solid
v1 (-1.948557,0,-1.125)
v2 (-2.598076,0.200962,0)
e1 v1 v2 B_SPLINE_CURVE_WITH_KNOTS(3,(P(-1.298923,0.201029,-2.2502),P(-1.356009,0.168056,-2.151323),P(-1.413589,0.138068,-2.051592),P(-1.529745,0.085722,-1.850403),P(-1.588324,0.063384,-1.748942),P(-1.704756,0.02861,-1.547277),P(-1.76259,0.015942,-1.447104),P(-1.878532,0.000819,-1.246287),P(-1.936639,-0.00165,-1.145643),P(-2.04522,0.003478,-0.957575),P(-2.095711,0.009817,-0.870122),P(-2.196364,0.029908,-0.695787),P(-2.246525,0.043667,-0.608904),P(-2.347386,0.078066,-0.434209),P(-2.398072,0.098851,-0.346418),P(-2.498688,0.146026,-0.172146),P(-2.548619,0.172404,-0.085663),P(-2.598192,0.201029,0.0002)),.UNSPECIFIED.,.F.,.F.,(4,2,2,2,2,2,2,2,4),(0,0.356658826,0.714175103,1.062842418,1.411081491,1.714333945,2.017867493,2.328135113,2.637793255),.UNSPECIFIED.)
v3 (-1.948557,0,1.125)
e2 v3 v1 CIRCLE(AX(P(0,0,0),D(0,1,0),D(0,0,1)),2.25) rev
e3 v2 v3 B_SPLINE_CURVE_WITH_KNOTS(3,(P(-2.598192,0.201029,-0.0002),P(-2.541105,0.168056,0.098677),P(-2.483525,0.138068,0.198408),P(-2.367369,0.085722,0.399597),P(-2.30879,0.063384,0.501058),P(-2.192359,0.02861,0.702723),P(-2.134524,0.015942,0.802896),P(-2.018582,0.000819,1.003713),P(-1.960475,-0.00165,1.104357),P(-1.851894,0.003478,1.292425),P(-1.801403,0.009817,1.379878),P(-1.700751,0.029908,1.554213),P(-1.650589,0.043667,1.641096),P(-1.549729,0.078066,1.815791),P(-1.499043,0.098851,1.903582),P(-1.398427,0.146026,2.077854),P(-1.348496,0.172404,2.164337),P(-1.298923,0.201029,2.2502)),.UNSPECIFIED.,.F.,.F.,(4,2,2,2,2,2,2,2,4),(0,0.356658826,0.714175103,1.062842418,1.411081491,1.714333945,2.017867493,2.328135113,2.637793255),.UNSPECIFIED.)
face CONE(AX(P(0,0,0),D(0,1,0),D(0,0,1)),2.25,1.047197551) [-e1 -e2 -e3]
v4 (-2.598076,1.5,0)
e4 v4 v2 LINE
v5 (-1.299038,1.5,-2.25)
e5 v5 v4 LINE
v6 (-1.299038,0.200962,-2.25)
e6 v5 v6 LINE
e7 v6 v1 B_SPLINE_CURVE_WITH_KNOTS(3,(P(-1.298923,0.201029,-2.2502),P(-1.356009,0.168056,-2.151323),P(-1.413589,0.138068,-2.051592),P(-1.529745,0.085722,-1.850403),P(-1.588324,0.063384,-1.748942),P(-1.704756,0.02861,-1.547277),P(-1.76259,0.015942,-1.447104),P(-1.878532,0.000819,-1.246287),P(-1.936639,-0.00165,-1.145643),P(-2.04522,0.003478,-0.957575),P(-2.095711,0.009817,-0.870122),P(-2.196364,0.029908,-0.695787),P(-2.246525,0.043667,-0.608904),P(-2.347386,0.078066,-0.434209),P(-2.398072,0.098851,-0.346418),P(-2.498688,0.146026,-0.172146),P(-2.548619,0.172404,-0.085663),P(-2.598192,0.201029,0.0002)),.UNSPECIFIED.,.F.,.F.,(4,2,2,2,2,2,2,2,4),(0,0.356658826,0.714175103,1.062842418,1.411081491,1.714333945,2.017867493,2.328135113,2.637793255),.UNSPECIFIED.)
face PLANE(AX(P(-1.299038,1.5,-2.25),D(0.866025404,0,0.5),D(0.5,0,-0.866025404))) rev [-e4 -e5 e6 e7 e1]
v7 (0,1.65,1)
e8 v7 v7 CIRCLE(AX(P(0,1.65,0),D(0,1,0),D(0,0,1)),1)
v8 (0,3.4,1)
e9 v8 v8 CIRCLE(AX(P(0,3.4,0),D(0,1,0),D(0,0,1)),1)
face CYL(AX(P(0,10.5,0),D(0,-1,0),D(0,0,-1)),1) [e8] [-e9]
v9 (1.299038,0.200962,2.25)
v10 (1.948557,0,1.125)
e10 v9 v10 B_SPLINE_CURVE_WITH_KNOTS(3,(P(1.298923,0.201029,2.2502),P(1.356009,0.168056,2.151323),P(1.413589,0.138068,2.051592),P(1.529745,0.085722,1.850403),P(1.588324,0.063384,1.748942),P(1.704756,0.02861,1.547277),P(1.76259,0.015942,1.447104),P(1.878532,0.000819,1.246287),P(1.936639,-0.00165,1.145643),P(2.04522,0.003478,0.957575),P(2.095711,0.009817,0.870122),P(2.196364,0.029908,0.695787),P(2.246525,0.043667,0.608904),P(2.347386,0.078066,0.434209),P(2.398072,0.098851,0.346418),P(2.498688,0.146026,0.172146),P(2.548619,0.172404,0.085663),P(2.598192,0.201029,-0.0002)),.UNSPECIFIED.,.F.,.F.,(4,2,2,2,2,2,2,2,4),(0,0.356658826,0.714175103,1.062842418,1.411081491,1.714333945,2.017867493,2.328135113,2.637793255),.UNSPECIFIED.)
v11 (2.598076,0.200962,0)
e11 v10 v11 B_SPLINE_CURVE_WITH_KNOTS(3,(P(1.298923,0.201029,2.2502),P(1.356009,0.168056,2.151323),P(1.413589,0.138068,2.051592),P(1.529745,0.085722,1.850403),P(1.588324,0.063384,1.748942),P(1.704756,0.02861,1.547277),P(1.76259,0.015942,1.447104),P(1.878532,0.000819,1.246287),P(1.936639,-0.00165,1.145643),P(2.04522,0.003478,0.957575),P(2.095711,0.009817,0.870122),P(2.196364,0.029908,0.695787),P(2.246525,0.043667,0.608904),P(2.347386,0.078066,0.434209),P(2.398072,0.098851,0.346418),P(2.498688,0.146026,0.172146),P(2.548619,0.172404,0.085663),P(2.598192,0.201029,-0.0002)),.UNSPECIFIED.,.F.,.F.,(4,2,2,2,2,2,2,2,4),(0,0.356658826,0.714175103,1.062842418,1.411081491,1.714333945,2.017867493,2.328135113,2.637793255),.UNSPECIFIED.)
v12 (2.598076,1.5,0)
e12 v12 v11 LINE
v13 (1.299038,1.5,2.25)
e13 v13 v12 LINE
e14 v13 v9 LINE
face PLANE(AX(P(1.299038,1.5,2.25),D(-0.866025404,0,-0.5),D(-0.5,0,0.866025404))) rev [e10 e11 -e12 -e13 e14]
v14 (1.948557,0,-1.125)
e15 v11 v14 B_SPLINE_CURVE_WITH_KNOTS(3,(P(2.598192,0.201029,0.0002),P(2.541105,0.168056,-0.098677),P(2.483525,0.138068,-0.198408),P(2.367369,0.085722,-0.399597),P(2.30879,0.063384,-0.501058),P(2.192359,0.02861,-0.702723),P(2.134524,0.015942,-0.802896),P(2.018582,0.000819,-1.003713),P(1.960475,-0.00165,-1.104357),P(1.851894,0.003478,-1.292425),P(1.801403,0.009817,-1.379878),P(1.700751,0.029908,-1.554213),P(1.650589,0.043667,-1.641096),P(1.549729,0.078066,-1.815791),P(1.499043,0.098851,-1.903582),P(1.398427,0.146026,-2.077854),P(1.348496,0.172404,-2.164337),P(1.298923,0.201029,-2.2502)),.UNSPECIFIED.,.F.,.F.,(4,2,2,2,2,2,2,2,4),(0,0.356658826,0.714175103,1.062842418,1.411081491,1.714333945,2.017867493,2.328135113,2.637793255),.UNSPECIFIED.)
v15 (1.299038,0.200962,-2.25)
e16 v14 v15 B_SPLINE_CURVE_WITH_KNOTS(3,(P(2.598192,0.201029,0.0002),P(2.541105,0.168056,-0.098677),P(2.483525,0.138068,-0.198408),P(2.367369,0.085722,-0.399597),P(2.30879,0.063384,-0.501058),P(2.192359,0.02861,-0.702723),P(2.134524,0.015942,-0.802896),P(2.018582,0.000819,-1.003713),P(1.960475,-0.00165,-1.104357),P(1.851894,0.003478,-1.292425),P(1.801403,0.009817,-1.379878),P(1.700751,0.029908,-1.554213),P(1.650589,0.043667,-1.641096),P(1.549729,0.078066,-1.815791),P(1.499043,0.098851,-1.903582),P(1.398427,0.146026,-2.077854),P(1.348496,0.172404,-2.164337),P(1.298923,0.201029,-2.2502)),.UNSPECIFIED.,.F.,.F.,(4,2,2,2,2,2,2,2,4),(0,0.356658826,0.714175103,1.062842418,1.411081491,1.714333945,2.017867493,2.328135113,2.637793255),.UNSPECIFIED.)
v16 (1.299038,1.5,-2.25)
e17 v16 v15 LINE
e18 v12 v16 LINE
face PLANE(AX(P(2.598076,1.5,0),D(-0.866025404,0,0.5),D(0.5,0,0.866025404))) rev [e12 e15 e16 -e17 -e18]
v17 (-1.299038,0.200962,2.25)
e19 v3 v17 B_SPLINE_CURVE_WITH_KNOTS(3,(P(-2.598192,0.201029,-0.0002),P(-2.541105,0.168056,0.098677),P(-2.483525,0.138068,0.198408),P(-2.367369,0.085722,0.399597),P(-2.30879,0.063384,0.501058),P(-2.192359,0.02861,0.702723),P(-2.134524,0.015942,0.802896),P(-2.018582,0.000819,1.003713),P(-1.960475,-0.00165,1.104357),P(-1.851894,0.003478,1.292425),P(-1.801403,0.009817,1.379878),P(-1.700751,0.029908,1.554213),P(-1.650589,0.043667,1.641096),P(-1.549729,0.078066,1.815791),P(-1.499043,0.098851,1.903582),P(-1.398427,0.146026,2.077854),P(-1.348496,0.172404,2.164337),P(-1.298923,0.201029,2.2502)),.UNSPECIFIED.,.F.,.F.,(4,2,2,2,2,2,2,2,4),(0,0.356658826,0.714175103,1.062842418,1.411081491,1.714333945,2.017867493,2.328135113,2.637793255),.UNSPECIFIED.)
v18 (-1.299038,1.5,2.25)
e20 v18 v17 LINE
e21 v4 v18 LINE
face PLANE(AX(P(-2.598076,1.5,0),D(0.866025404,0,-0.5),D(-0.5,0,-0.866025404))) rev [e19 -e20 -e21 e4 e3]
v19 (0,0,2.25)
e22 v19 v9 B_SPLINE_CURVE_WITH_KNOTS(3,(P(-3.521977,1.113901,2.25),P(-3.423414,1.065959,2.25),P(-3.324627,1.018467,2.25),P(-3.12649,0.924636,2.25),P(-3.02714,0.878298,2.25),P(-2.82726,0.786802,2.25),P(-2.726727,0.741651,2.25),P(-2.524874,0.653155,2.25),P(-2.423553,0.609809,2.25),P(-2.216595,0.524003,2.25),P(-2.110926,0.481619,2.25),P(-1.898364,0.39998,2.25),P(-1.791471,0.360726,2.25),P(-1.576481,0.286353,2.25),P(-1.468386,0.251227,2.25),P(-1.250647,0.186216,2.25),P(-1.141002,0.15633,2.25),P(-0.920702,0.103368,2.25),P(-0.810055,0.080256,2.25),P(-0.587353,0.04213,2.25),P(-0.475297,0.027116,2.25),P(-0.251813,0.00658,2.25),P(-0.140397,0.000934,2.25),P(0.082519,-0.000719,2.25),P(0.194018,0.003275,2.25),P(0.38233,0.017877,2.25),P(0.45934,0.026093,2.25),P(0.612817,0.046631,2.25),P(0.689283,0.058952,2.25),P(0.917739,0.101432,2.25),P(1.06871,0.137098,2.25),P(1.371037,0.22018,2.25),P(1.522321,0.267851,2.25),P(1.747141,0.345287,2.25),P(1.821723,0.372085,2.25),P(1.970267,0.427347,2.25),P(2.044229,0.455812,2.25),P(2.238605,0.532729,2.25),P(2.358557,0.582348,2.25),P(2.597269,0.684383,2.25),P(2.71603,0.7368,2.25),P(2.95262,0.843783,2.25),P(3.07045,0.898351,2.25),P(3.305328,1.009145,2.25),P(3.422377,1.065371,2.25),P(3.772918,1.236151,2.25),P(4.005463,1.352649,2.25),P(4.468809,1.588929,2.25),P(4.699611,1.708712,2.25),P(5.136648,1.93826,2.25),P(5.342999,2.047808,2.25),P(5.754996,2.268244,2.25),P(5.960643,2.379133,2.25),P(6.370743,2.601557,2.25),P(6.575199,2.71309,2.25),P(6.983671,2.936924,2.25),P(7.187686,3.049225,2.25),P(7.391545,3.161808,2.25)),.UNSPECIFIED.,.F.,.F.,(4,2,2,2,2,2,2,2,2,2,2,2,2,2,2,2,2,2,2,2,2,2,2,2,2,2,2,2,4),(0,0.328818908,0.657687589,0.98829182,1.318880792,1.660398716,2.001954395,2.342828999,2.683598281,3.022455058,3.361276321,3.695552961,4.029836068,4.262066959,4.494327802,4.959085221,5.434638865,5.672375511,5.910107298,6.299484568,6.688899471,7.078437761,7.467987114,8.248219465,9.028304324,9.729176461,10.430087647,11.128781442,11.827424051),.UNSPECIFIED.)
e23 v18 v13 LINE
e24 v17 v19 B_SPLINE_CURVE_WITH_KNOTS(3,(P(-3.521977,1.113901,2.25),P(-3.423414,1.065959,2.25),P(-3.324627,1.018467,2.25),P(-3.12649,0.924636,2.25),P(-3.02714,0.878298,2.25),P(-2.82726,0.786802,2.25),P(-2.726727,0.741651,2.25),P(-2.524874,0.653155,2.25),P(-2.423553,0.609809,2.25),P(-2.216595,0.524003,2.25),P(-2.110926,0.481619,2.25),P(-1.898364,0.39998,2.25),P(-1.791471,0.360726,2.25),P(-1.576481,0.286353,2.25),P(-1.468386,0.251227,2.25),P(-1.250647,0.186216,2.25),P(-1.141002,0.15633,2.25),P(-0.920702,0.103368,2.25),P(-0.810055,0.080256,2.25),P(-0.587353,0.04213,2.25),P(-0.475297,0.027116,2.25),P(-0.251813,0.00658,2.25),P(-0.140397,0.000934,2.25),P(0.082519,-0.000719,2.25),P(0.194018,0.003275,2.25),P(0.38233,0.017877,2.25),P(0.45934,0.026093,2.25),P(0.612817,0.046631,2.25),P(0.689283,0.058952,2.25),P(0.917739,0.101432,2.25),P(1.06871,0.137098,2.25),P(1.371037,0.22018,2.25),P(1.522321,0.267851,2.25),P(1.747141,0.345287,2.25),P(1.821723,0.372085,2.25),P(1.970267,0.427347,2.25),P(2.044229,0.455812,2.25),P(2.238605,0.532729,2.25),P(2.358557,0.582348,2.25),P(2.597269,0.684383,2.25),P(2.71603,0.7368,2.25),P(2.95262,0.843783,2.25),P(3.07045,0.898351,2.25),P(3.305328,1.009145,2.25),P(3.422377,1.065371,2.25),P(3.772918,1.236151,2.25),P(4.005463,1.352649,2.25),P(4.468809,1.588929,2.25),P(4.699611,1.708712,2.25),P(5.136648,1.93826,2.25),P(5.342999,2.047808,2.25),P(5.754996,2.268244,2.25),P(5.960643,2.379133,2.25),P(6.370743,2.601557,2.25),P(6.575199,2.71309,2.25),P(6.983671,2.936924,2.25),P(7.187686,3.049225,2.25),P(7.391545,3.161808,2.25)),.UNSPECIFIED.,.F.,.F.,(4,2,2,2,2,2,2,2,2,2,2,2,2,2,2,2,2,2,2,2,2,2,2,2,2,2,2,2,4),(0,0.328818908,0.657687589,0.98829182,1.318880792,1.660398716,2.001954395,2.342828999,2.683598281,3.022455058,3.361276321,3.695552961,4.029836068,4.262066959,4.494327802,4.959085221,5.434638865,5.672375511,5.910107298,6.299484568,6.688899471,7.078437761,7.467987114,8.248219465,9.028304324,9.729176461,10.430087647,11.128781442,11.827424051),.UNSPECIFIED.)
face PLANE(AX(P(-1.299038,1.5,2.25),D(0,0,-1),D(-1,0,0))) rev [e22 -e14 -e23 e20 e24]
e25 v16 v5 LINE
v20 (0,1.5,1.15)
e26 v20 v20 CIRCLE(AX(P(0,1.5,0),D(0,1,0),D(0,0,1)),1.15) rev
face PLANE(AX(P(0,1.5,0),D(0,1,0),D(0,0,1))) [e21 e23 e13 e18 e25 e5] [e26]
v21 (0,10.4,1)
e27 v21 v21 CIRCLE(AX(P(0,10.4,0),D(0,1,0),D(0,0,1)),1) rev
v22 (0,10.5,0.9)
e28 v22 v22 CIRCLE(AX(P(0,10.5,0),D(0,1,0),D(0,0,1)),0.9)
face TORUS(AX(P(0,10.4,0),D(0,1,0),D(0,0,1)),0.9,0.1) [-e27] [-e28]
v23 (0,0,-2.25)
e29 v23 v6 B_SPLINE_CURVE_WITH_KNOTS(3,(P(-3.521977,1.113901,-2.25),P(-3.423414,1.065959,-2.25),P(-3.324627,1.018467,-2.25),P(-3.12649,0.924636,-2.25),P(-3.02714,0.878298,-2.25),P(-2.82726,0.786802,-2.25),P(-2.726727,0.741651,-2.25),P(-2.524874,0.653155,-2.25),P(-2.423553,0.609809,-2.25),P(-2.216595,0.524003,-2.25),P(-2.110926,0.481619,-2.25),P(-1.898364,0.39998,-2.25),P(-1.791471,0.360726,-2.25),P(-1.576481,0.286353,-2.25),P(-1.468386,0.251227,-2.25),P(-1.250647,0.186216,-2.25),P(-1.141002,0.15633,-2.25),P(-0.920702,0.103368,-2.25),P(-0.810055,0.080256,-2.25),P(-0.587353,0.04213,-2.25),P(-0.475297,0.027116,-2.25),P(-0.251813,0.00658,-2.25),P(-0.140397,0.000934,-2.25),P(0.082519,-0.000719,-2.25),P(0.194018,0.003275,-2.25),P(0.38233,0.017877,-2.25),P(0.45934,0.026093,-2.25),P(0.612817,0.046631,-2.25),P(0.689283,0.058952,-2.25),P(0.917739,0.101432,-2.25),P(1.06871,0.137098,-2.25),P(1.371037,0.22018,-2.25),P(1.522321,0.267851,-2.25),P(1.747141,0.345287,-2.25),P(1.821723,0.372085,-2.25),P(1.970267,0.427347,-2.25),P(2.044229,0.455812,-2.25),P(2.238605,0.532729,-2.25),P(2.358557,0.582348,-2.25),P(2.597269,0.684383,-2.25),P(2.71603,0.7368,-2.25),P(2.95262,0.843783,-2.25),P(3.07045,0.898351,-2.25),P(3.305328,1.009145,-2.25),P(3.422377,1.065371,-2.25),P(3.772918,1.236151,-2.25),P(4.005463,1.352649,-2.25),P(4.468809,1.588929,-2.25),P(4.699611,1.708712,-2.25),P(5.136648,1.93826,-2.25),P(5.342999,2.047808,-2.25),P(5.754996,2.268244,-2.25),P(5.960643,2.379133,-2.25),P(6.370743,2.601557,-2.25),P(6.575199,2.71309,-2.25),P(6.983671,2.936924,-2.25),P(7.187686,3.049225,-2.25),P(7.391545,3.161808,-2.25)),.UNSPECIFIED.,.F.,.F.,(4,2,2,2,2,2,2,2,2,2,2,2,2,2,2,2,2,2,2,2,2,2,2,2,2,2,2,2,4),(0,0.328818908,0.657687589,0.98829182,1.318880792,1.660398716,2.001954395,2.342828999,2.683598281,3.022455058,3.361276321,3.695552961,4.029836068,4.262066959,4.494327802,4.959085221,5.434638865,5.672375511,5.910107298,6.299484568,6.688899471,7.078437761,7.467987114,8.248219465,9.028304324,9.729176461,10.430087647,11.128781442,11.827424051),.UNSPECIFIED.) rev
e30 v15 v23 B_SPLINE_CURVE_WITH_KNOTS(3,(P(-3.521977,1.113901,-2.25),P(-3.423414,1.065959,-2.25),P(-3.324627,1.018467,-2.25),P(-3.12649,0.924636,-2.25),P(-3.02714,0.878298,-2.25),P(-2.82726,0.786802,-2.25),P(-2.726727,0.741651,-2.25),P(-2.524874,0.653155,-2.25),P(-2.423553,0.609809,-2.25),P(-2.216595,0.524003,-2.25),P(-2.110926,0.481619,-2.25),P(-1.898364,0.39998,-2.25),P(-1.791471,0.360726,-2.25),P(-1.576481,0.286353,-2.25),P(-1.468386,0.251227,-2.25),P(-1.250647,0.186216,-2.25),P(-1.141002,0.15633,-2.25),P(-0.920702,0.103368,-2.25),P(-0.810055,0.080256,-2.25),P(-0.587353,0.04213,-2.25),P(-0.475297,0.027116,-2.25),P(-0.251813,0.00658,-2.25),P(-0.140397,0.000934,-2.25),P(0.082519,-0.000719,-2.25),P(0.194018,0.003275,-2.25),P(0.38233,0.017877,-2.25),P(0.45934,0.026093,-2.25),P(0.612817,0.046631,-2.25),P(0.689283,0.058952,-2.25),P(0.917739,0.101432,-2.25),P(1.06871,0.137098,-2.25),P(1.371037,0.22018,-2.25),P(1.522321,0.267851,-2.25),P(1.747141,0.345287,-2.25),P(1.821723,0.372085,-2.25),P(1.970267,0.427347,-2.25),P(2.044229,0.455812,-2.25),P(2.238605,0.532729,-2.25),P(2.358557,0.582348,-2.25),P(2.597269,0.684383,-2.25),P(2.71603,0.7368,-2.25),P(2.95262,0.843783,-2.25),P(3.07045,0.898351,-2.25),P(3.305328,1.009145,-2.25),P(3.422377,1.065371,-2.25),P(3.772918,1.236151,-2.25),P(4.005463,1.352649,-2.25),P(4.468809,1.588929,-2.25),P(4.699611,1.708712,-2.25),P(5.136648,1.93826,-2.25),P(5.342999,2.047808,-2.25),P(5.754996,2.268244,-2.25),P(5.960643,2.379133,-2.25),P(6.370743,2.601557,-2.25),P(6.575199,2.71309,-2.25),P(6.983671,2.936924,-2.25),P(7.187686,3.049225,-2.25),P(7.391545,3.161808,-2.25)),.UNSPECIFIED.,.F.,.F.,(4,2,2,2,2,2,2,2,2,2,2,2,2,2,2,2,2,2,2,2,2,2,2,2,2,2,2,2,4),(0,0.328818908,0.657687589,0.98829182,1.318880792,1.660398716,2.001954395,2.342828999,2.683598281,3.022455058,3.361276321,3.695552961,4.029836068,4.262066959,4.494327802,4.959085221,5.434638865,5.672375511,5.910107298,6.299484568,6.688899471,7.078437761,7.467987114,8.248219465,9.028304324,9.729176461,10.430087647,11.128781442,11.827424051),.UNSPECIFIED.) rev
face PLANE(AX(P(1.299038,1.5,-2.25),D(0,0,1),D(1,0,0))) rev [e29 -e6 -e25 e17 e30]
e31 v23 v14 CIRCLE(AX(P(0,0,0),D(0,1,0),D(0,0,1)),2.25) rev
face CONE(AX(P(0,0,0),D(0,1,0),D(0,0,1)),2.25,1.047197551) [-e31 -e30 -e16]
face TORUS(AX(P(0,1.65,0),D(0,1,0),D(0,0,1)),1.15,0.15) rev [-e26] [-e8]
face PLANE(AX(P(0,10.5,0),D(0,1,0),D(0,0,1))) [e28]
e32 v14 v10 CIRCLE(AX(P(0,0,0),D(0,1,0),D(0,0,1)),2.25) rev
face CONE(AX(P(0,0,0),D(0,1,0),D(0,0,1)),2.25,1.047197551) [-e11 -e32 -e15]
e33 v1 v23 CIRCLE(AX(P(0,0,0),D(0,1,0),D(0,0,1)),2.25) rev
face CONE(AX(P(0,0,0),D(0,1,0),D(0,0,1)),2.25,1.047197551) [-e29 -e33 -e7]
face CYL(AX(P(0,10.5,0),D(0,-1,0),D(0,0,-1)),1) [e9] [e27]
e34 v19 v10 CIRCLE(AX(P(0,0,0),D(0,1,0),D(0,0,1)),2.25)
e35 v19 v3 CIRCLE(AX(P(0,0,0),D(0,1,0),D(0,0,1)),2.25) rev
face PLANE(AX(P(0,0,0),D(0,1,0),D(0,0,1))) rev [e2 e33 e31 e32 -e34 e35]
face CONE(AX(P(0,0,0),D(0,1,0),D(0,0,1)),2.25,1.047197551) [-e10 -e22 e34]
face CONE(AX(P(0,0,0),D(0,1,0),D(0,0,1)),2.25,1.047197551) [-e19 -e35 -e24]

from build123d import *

# Parameters (mm, degrees)
BOSS_EXTRUDE2_DEPTH = 1.5
SKETCH2_OUTSIDE_W   = 13.8
SKETCH2_OUTSIDE_H   = 13.104
SKETCH2_OUTSIDE_R   = 2.25
CUT_EXTRUDE1_DEPTH  = 1.5
CUT_EXTRUDE1_TAPER  = 60
SKETCH3_R           = 1
BOSS_EXTRUDE3_DEPTH = 9
FILLET1_R           = 0.1
FILLET2_R           = 0.15


with BuildPart() as part:
    # Sketch1 → Boss-Extrude2 (new body)
    with BuildSketch(Plane(origin=(0, 0, 0), x_dir=(1, 0, 0), z_dir=(0, 1, 0))):
        Polygon((2.598076211, 0), (1.299038106, 2.25), (-1.299038106, 2.25), (-2.598076211, 0), (-1.299038106, -2.25), (1.299038106, -2.25), align=None)
    extrude(amount=BOSS_EXTRUDE2_DEPTH)

    # Sketch2 outside → Cut-Extrude1 (cut)
    with BuildSketch(Plane(origin=(0, 0, 0), x_dir=(1, 0, 0), z_dir=(0, 1, 0))):
        Rectangle(SKETCH2_OUTSIDE_W, SKETCH2_OUTSIDE_H)
        Circle(SKETCH2_OUTSIDE_R, mode=Mode.SUBTRACT)
    extrude(amount=CUT_EXTRUDE1_DEPTH, taper=CUT_EXTRUDE1_TAPER, mode=Mode.SUBTRACT)

    # Sketch3 → Boss-Extrude3 (add)
    with BuildSketch(Plane(origin=(0, 1.5, 0), x_dir=(1, 0, 0), z_dir=(0, 1, 0))):
        Circle(SKETCH3_R)
    extrude(amount=BOSS_EXTRUDE3_DEPTH)

    # Fillet1
    fillet1_edges = [part.edges().sort_by_distance(p)[0] for p in [
        (-1, 10.5, 0),
    ]]
    fillet(fillet1_edges, radius=FILLET1_R)

    # Fillet2
    fillet2_edges = [part.edges().sort_by_distance(p)[0] for p in [
        (-1, 1.5, 0),
    ]]
    fillet(fillet2_edges, radius=FILLET2_R)


solid = part.part
